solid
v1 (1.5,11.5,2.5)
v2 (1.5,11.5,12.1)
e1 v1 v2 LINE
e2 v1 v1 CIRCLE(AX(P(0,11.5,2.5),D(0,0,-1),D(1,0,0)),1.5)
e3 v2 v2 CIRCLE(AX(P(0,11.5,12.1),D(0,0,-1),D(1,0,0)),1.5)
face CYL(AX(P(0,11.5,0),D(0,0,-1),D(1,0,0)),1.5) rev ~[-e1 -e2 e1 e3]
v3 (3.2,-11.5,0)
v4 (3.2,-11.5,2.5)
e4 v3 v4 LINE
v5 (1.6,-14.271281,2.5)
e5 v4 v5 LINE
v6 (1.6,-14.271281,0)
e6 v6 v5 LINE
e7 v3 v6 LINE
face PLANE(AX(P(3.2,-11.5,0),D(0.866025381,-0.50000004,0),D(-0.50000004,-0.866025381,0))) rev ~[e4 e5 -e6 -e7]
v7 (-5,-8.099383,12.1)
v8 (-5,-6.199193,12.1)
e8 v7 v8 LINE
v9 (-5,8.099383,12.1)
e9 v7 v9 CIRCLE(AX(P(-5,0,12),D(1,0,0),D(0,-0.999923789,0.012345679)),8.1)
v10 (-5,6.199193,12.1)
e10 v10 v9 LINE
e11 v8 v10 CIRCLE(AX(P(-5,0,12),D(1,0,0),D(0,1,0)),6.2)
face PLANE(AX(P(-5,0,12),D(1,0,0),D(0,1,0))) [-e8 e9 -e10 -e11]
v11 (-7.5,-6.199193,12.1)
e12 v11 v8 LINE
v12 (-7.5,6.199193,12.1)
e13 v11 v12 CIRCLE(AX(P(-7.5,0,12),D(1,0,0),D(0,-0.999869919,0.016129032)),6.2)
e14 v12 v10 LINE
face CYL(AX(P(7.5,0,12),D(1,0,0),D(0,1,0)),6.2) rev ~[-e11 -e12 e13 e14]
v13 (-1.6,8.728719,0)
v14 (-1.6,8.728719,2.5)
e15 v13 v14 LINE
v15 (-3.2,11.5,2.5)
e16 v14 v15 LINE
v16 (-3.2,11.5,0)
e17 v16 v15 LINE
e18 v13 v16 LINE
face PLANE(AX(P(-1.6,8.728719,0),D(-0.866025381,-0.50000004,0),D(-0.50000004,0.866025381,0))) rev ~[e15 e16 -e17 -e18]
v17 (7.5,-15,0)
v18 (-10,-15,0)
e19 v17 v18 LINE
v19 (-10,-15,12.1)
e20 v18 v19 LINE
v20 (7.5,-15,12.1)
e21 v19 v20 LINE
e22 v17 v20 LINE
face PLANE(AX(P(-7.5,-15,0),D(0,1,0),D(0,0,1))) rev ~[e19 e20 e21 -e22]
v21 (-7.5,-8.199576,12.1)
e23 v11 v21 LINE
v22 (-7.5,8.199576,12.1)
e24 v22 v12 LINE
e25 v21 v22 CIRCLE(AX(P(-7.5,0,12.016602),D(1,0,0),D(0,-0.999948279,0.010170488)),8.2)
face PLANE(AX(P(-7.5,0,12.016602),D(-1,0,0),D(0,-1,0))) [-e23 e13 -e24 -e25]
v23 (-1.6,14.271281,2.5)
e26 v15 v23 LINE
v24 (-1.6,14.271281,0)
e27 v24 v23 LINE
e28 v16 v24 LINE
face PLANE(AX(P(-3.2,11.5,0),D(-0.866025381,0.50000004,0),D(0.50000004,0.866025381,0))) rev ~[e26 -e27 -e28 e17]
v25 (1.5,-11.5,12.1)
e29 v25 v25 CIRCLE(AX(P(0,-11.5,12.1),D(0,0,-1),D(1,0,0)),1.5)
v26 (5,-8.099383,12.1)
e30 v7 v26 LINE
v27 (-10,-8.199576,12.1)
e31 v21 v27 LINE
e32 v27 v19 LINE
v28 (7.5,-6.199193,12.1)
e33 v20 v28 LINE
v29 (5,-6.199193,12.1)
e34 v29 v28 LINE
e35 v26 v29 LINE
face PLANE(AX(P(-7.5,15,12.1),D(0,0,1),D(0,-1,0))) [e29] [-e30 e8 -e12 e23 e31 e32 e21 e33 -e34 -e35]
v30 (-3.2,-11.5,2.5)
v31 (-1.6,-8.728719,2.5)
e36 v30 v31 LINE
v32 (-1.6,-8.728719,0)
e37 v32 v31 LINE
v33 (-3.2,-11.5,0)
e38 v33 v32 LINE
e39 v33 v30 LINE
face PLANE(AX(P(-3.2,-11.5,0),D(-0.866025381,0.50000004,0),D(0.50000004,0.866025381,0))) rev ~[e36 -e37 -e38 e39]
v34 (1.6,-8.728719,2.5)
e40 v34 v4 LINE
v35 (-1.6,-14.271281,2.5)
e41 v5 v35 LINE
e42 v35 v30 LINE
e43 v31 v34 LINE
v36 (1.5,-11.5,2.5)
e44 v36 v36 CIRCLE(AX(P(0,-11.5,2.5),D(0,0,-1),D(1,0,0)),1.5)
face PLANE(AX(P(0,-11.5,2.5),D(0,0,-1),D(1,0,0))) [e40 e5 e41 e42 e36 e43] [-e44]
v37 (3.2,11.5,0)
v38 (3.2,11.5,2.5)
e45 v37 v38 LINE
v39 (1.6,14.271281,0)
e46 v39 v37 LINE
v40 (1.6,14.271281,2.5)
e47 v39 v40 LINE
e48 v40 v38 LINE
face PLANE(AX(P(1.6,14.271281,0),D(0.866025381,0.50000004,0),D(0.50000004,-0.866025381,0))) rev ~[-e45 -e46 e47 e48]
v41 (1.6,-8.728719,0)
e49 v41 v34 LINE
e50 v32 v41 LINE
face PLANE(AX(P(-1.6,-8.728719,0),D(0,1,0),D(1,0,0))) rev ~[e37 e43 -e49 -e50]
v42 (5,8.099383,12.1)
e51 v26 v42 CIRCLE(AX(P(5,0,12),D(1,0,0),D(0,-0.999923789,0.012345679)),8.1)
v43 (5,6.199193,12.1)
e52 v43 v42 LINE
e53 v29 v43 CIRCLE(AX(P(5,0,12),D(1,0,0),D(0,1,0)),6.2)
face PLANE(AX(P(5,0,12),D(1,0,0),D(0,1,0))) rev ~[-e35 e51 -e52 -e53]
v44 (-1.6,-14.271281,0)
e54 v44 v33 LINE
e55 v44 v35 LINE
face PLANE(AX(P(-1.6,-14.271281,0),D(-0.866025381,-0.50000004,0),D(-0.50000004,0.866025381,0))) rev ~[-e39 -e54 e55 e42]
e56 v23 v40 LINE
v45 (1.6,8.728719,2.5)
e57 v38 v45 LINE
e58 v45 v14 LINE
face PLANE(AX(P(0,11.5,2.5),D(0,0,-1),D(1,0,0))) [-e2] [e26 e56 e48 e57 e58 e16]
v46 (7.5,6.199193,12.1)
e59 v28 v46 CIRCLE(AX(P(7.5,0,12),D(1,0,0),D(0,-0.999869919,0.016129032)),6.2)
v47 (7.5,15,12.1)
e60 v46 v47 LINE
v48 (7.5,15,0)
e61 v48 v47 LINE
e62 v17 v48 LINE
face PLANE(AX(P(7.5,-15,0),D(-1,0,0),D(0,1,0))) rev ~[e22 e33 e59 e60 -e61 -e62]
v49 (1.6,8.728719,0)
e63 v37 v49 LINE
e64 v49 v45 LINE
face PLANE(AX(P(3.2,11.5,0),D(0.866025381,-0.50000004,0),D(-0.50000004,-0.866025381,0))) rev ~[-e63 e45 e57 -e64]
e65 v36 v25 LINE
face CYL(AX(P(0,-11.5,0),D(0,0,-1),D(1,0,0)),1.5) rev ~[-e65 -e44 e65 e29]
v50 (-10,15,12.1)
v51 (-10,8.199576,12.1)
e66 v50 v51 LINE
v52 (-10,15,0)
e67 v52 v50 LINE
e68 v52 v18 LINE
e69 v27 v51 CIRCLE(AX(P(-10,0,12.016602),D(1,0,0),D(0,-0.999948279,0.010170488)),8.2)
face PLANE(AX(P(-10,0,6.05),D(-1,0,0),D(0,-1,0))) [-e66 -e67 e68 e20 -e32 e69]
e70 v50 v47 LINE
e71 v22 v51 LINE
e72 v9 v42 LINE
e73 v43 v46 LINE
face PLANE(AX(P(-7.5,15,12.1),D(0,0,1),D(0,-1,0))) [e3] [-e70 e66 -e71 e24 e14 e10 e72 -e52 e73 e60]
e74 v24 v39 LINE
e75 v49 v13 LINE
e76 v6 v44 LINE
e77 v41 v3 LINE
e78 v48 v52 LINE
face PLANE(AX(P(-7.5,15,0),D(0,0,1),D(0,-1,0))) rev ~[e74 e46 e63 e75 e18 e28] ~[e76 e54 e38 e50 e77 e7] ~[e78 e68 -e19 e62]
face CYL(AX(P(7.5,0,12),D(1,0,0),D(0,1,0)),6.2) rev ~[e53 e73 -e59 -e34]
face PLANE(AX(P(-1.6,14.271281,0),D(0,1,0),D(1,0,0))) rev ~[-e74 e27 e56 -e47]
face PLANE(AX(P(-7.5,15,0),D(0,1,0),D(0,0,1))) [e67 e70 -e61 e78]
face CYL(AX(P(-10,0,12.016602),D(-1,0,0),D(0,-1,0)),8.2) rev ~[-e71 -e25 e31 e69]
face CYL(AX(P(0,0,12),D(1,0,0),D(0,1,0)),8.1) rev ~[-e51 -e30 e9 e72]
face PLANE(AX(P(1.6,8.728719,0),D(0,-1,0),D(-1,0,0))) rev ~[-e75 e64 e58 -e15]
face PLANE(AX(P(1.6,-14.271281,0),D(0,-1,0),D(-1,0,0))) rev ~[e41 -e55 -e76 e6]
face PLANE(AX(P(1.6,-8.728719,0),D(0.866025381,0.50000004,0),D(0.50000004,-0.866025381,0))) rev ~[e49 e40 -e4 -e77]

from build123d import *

# Parameters (mm, degrees)
SKETCH002_R     = 8.1
PAD001_DEPTH    = 5
SKETCH_W        = 15
SKETCH_H        = 30
PAD_DEPTH       = 12.1
SKETCH001_R     = 6.2
POCKET_DEPTH    = 15.001
SKETCH003_R     = 1.5
POCKET001_DEPTH = 12.101
POCKET002_DEPTH = 2.5
SKETCH005_W     = 30
SKETCH005_H     = 12.1
PAD002_DEPTH    = 2.5
SKETCH006_R     = 8.2
POCKET003_DEPTH = 2.5


with BuildPart() as pad001:
    # Sketch002 → Pad001 (new body, symmetric)
    with BuildSketch(Plane.YZ):
        with Locations((0, 12)):
            Circle(SKETCH002_R)
    extrude(amount=PAD001_DEPTH, both=True)


with BuildPart() as pocket003:
    # Sketch → Pad (new body)
    with BuildSketch(Plane.XY):
        Rectangle(SKETCH_W, SKETCH_H)
    extrude(amount=PAD_DEPTH)

    # Sketch001 → Pocket (cut, through all)
    with BuildSketch(Plane.YZ.offset(7.5)):
        with Locations((0, 12)):
            Circle(SKETCH001_R)
    extrude(amount=-POCKET_DEPTH, mode=Mode.SUBTRACT)

    # Cut: cut Pad001
    add(pad001.part, mode=Mode.SUBTRACT)

    # Sketch003 → Pocket001 (cut, through all)
    with BuildSketch(Plane(origin=(0, 0, 0), x_dir=(1, 0, 0), z_dir=(0, 0, -1))):
        with Locations((0, 11.5)):
            Circle(SKETCH003_R)
        with Locations((0, -11.5)):
            Circle(SKETCH003_R)
    extrude(amount=-POCKET001_DEPTH, mode=Mode.SUBTRACT)

    # Sketch004 → Pocket002 (cut)
    with BuildSketch(Plane(origin=(0, 0, 0), x_dir=(1, 0, 0), z_dir=(0, 0, -1))):
        Polygon((3.2, 11.5), (1.6, 14.271281), (-1.6, 14.271281), (-3.2, 11.5), (-1.6, 8.728719), (1.6, 8.728719), align=None)
        Polygon((1.6, -14.271281), (3.2, -11.5), (1.6, -8.728719), (-1.6, -8.728719), (-3.2, -11.5), (-1.6, -14.271281), align=None)
    extrude(amount=-POCKET002_DEPTH, mode=Mode.SUBTRACT)

    # Sketch005 → Pad002 (new body)
    with BuildSketch(Plane(origin=(-7.5, 0, 0), x_dir=(0, -1, 0), z_dir=(-1, 0, 0))):
        with Locations((0, 6.05)):
            Rectangle(SKETCH005_W, SKETCH005_H)
    extrude(amount=PAD002_DEPTH)

    # Sketch006 → Pocket003 (cut)
    with BuildSketch(Plane(origin=(-10, 0, 0), x_dir=(0, -1, 0), z_dir=(-1, 0, 0))):
        with Locations((0, 12.016602)):
            Circle(SKETCH006_R)
    extrude(amount=-POCKET003_DEPTH, mode=Mode.SUBTRACT)


solid = pocket003.part
